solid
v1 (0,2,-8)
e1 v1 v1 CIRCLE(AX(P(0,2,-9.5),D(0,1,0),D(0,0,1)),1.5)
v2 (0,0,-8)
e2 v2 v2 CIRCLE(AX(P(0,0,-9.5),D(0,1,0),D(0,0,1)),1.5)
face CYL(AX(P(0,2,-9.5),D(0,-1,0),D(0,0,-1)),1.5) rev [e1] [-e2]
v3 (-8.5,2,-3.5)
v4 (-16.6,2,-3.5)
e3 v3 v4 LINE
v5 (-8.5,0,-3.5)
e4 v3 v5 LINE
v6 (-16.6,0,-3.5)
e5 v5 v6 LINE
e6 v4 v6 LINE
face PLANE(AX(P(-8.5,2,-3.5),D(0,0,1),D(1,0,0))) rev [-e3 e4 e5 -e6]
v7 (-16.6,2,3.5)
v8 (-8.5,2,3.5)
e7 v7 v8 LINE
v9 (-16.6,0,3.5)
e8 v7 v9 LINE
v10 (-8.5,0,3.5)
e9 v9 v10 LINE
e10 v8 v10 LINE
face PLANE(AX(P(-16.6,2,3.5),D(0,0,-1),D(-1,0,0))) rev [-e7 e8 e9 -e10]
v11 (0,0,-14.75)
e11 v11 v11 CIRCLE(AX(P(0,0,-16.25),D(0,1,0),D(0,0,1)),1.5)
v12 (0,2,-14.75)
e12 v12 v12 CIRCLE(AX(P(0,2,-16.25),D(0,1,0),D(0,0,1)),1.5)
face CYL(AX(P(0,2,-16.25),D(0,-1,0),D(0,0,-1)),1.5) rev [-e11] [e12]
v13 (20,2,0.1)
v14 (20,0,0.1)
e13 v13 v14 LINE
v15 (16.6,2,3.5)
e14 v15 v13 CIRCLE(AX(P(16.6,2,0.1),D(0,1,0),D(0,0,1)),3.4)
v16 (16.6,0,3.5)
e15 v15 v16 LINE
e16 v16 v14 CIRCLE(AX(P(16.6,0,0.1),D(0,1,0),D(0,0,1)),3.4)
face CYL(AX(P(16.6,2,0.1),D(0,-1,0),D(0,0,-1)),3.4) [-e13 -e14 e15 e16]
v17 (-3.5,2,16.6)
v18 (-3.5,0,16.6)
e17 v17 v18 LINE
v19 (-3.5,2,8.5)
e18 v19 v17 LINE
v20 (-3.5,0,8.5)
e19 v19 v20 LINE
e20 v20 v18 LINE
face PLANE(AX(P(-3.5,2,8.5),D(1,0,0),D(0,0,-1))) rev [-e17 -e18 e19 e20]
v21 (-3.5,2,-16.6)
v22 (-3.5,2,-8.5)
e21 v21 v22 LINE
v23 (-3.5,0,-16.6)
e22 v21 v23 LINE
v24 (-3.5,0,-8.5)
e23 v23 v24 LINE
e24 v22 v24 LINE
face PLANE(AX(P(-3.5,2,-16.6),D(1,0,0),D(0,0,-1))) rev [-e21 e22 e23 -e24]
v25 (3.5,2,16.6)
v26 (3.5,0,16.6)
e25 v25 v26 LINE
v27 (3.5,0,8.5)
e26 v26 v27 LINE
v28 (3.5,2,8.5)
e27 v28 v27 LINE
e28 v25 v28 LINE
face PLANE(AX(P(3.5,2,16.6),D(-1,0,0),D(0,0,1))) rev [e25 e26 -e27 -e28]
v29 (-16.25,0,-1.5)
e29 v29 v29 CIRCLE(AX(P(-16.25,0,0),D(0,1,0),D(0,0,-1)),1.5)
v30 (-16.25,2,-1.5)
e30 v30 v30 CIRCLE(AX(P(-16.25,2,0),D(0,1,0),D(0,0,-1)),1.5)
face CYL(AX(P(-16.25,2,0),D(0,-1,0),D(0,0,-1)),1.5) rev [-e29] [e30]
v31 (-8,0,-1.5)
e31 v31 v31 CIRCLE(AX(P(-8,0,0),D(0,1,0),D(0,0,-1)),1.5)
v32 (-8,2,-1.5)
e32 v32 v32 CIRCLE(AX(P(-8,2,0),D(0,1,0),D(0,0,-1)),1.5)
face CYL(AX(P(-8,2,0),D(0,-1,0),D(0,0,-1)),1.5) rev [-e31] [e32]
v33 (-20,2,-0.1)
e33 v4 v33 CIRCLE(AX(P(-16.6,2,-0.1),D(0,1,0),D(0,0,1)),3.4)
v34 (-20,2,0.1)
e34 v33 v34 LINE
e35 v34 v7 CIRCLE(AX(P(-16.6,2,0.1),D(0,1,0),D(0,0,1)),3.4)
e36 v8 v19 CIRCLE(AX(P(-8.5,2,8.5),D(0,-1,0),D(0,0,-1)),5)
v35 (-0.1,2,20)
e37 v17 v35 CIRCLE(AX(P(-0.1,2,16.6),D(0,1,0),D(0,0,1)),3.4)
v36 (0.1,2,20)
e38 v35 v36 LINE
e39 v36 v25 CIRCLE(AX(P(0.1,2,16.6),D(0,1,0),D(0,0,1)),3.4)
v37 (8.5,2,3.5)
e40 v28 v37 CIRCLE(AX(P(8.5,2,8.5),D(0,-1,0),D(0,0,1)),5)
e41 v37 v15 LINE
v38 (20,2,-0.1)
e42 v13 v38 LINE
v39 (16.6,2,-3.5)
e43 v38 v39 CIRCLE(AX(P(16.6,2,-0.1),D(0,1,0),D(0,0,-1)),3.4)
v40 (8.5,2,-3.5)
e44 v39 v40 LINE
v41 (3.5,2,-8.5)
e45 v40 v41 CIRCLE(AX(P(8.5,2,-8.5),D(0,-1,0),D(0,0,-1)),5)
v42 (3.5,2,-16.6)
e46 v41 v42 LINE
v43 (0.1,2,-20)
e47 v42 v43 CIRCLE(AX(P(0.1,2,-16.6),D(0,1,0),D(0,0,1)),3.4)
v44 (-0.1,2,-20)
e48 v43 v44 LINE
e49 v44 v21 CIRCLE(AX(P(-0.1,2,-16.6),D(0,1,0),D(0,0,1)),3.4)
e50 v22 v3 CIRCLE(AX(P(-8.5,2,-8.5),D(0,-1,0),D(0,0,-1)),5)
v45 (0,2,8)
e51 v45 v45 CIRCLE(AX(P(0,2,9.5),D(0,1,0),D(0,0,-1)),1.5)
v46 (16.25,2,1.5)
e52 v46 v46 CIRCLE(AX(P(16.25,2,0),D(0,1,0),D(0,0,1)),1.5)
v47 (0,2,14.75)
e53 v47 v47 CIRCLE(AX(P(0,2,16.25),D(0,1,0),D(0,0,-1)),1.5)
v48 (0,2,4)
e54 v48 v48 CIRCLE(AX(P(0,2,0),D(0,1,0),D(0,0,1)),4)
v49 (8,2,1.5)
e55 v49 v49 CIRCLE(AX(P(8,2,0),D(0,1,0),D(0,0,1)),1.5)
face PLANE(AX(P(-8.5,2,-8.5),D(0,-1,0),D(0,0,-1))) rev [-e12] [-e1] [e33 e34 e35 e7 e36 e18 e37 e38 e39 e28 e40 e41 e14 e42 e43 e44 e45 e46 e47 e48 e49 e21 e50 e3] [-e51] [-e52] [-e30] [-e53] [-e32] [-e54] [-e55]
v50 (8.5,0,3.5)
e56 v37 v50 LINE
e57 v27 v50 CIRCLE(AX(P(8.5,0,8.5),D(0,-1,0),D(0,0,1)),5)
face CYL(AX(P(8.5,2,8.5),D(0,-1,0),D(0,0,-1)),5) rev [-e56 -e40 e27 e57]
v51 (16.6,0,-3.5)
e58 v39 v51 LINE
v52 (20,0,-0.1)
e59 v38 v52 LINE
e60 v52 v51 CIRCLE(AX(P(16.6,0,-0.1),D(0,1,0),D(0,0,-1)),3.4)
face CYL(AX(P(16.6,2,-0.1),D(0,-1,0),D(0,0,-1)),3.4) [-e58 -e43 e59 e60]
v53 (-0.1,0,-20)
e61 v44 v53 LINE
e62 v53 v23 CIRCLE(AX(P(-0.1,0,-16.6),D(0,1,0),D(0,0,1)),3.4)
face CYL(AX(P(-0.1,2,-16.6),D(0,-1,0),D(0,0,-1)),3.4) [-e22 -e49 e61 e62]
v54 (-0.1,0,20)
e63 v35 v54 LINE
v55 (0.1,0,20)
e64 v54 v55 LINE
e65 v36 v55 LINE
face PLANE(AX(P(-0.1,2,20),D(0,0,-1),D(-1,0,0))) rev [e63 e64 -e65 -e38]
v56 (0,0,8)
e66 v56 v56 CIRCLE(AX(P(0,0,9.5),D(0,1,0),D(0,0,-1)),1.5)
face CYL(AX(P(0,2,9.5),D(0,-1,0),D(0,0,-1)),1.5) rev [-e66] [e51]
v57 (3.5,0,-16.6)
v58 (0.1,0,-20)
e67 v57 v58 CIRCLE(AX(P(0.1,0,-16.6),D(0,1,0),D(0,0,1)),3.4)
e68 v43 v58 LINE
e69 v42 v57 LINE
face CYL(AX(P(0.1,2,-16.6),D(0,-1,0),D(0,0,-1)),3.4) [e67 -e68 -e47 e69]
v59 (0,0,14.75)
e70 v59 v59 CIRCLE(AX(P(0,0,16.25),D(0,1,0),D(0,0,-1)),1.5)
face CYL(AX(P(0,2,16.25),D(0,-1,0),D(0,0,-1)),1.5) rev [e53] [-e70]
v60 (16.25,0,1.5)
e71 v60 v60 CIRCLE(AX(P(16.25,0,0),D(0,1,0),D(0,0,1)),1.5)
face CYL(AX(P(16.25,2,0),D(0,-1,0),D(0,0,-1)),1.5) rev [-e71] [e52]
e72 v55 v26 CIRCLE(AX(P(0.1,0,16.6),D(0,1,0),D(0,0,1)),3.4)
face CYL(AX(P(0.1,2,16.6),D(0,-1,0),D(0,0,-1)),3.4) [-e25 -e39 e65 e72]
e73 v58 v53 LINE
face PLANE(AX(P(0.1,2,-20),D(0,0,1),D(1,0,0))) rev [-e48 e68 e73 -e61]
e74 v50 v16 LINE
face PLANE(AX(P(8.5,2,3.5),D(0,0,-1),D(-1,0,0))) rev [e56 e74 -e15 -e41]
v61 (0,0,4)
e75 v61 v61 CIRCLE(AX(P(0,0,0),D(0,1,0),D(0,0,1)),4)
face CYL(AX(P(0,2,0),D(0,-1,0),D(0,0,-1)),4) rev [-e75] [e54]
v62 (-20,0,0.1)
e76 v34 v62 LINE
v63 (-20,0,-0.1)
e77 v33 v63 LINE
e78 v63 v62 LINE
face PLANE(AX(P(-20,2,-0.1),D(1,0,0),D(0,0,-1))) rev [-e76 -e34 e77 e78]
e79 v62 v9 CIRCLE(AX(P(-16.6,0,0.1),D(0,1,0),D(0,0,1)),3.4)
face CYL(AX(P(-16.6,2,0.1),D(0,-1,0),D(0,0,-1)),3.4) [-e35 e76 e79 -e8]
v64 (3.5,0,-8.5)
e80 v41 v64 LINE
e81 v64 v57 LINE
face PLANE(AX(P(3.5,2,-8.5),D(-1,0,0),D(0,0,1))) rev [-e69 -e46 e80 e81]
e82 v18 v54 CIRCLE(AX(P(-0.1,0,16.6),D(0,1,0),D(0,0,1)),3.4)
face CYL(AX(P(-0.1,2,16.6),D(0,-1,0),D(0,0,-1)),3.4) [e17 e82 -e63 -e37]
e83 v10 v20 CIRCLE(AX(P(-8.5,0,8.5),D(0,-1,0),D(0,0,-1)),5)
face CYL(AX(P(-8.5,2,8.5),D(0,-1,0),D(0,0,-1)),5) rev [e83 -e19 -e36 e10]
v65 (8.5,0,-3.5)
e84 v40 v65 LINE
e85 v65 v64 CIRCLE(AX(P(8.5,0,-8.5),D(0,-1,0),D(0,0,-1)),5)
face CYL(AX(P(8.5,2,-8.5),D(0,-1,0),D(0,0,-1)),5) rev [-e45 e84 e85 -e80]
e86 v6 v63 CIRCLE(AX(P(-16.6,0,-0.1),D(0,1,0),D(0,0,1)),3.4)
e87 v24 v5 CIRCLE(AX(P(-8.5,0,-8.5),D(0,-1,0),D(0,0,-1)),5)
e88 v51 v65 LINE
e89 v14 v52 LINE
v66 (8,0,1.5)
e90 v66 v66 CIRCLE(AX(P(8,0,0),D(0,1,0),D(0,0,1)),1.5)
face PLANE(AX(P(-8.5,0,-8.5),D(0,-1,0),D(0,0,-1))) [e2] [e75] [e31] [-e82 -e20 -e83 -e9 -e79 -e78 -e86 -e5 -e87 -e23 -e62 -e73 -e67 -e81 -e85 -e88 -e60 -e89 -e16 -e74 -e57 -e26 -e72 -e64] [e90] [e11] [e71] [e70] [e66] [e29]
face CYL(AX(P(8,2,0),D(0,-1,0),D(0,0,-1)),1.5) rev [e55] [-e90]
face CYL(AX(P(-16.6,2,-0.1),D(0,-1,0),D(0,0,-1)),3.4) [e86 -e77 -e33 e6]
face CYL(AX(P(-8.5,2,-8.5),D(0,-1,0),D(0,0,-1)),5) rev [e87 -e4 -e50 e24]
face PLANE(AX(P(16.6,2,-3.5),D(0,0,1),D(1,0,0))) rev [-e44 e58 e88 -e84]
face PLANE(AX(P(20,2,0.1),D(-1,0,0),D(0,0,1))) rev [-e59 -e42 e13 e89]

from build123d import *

# Parameters (mm, degrees)
CROQUIS1_R              = 4
CROQUIS1_R_2            = 1.5
SALIENTE_EXTRUIR1_DEPTH = 2


with BuildPart() as part:
    # Croquis1 → Saliente-Extruir1 (new body)
    with BuildSketch(Plane(origin=(0, 0, 0), x_dir=(1, 0, 0), z_dir=(0, 1, 0))):
        with BuildLine():
            Line((16.6, 3.5), (8.5, 3.5))
            ThreePointArc((8.5, 3.5), (4.964466094, 4.964466094), (3.5, 8.5))
            Line((3.5, 8.5), (3.5, 16.6))
            ThreePointArc((3.5, 16.6), (2.504163056, 19.004163056), (0.1, 20))
            Line((0.1, 20), (-0.1, 20))
            ThreePointArc((-0.1, 20), (-2.504163056, 19.004163056), (-3.5, 16.6))
            Line((-3.5, 16.6), (-3.5, 8.5))
            ThreePointArc((-3.5, 8.5), (-4.964466094, 4.964466094), (-8.5, 3.5))
            Line((-8.5, 3.5), (-16.6, 3.5))
            ThreePointArc((-16.6, 3.5), (-19.004163056, 2.504163056), (-20, 0.1))
            Line((-20, 0.1), (-20, -0.1))
            ThreePointArc((-20, -0.1), (-19.004163056, -2.504163056), (-16.6, -3.5))
            Line((-16.6, -3.5), (-8.5, -3.5))
            ThreePointArc((-8.5, -3.5), (-4.964466094, -4.964466094), (-3.5, -8.5))
            Line((-3.5, -8.5), (-3.5, -16.6))
            ThreePointArc((-3.5, -16.6), (-2.504163056, -19.004163056), (-0.1, -20))
            Line((-0.1, -20), (0.1, -20))
            ThreePointArc((0.1, -20), (2.504163056, -19.004163056), (3.5, -16.6))
            Line((3.5, -16.6), (3.5, -8.5))
            ThreePointArc((3.5, -8.5), (4.964466094, -4.964466094), (8.5, -3.5))
            Line((8.5, -3.5), (16.6, -3.5))
            ThreePointArc((16.6, -3.5), (19.004163056, -2.504163056), (20, -0.1))
            Line((20, -0.1), (20, 0.1))
            ThreePointArc((20, 0.1), (19.004163056, 2.504163056), (16.6, 3.5))
        make_face()
        Circle(CROQUIS1_R, mode=Mode.SUBTRACT)
        with Locations((0, 9.5)):
            Circle(CROQUIS1_R_2, mode=Mode.SUBTRACT)
        with Locations((0, 16.25)):
            Circle(CROQUIS1_R_2, mode=Mode.SUBTRACT)
        with Locations((0, -9.5)):
            Circle(CROQUIS1_R_2, mode=Mode.SUBTRACT)
        with Locations((0, -16.25)):
            Circle(CROQUIS1_R_2, mode=Mode.SUBTRACT)
        with Locations((8, 0)):
            Circle(CROQUIS1_R_2, mode=Mode.SUBTRACT)
        with Locations((16.25, 0)):
            Circle(CROQUIS1_R_2, mode=Mode.SUBTRACT)
        with Locations((-16.25, 0)):
            Circle(CROQUIS1_R_2, mode=Mode.SUBTRACT)
        with Locations((-8, 0)):
            Circle(CROQUIS1_R_2, mode=Mode.SUBTRACT)
    extrude(amount=SALIENTE_EXTRUIR1_DEPTH)


solid = part.part
